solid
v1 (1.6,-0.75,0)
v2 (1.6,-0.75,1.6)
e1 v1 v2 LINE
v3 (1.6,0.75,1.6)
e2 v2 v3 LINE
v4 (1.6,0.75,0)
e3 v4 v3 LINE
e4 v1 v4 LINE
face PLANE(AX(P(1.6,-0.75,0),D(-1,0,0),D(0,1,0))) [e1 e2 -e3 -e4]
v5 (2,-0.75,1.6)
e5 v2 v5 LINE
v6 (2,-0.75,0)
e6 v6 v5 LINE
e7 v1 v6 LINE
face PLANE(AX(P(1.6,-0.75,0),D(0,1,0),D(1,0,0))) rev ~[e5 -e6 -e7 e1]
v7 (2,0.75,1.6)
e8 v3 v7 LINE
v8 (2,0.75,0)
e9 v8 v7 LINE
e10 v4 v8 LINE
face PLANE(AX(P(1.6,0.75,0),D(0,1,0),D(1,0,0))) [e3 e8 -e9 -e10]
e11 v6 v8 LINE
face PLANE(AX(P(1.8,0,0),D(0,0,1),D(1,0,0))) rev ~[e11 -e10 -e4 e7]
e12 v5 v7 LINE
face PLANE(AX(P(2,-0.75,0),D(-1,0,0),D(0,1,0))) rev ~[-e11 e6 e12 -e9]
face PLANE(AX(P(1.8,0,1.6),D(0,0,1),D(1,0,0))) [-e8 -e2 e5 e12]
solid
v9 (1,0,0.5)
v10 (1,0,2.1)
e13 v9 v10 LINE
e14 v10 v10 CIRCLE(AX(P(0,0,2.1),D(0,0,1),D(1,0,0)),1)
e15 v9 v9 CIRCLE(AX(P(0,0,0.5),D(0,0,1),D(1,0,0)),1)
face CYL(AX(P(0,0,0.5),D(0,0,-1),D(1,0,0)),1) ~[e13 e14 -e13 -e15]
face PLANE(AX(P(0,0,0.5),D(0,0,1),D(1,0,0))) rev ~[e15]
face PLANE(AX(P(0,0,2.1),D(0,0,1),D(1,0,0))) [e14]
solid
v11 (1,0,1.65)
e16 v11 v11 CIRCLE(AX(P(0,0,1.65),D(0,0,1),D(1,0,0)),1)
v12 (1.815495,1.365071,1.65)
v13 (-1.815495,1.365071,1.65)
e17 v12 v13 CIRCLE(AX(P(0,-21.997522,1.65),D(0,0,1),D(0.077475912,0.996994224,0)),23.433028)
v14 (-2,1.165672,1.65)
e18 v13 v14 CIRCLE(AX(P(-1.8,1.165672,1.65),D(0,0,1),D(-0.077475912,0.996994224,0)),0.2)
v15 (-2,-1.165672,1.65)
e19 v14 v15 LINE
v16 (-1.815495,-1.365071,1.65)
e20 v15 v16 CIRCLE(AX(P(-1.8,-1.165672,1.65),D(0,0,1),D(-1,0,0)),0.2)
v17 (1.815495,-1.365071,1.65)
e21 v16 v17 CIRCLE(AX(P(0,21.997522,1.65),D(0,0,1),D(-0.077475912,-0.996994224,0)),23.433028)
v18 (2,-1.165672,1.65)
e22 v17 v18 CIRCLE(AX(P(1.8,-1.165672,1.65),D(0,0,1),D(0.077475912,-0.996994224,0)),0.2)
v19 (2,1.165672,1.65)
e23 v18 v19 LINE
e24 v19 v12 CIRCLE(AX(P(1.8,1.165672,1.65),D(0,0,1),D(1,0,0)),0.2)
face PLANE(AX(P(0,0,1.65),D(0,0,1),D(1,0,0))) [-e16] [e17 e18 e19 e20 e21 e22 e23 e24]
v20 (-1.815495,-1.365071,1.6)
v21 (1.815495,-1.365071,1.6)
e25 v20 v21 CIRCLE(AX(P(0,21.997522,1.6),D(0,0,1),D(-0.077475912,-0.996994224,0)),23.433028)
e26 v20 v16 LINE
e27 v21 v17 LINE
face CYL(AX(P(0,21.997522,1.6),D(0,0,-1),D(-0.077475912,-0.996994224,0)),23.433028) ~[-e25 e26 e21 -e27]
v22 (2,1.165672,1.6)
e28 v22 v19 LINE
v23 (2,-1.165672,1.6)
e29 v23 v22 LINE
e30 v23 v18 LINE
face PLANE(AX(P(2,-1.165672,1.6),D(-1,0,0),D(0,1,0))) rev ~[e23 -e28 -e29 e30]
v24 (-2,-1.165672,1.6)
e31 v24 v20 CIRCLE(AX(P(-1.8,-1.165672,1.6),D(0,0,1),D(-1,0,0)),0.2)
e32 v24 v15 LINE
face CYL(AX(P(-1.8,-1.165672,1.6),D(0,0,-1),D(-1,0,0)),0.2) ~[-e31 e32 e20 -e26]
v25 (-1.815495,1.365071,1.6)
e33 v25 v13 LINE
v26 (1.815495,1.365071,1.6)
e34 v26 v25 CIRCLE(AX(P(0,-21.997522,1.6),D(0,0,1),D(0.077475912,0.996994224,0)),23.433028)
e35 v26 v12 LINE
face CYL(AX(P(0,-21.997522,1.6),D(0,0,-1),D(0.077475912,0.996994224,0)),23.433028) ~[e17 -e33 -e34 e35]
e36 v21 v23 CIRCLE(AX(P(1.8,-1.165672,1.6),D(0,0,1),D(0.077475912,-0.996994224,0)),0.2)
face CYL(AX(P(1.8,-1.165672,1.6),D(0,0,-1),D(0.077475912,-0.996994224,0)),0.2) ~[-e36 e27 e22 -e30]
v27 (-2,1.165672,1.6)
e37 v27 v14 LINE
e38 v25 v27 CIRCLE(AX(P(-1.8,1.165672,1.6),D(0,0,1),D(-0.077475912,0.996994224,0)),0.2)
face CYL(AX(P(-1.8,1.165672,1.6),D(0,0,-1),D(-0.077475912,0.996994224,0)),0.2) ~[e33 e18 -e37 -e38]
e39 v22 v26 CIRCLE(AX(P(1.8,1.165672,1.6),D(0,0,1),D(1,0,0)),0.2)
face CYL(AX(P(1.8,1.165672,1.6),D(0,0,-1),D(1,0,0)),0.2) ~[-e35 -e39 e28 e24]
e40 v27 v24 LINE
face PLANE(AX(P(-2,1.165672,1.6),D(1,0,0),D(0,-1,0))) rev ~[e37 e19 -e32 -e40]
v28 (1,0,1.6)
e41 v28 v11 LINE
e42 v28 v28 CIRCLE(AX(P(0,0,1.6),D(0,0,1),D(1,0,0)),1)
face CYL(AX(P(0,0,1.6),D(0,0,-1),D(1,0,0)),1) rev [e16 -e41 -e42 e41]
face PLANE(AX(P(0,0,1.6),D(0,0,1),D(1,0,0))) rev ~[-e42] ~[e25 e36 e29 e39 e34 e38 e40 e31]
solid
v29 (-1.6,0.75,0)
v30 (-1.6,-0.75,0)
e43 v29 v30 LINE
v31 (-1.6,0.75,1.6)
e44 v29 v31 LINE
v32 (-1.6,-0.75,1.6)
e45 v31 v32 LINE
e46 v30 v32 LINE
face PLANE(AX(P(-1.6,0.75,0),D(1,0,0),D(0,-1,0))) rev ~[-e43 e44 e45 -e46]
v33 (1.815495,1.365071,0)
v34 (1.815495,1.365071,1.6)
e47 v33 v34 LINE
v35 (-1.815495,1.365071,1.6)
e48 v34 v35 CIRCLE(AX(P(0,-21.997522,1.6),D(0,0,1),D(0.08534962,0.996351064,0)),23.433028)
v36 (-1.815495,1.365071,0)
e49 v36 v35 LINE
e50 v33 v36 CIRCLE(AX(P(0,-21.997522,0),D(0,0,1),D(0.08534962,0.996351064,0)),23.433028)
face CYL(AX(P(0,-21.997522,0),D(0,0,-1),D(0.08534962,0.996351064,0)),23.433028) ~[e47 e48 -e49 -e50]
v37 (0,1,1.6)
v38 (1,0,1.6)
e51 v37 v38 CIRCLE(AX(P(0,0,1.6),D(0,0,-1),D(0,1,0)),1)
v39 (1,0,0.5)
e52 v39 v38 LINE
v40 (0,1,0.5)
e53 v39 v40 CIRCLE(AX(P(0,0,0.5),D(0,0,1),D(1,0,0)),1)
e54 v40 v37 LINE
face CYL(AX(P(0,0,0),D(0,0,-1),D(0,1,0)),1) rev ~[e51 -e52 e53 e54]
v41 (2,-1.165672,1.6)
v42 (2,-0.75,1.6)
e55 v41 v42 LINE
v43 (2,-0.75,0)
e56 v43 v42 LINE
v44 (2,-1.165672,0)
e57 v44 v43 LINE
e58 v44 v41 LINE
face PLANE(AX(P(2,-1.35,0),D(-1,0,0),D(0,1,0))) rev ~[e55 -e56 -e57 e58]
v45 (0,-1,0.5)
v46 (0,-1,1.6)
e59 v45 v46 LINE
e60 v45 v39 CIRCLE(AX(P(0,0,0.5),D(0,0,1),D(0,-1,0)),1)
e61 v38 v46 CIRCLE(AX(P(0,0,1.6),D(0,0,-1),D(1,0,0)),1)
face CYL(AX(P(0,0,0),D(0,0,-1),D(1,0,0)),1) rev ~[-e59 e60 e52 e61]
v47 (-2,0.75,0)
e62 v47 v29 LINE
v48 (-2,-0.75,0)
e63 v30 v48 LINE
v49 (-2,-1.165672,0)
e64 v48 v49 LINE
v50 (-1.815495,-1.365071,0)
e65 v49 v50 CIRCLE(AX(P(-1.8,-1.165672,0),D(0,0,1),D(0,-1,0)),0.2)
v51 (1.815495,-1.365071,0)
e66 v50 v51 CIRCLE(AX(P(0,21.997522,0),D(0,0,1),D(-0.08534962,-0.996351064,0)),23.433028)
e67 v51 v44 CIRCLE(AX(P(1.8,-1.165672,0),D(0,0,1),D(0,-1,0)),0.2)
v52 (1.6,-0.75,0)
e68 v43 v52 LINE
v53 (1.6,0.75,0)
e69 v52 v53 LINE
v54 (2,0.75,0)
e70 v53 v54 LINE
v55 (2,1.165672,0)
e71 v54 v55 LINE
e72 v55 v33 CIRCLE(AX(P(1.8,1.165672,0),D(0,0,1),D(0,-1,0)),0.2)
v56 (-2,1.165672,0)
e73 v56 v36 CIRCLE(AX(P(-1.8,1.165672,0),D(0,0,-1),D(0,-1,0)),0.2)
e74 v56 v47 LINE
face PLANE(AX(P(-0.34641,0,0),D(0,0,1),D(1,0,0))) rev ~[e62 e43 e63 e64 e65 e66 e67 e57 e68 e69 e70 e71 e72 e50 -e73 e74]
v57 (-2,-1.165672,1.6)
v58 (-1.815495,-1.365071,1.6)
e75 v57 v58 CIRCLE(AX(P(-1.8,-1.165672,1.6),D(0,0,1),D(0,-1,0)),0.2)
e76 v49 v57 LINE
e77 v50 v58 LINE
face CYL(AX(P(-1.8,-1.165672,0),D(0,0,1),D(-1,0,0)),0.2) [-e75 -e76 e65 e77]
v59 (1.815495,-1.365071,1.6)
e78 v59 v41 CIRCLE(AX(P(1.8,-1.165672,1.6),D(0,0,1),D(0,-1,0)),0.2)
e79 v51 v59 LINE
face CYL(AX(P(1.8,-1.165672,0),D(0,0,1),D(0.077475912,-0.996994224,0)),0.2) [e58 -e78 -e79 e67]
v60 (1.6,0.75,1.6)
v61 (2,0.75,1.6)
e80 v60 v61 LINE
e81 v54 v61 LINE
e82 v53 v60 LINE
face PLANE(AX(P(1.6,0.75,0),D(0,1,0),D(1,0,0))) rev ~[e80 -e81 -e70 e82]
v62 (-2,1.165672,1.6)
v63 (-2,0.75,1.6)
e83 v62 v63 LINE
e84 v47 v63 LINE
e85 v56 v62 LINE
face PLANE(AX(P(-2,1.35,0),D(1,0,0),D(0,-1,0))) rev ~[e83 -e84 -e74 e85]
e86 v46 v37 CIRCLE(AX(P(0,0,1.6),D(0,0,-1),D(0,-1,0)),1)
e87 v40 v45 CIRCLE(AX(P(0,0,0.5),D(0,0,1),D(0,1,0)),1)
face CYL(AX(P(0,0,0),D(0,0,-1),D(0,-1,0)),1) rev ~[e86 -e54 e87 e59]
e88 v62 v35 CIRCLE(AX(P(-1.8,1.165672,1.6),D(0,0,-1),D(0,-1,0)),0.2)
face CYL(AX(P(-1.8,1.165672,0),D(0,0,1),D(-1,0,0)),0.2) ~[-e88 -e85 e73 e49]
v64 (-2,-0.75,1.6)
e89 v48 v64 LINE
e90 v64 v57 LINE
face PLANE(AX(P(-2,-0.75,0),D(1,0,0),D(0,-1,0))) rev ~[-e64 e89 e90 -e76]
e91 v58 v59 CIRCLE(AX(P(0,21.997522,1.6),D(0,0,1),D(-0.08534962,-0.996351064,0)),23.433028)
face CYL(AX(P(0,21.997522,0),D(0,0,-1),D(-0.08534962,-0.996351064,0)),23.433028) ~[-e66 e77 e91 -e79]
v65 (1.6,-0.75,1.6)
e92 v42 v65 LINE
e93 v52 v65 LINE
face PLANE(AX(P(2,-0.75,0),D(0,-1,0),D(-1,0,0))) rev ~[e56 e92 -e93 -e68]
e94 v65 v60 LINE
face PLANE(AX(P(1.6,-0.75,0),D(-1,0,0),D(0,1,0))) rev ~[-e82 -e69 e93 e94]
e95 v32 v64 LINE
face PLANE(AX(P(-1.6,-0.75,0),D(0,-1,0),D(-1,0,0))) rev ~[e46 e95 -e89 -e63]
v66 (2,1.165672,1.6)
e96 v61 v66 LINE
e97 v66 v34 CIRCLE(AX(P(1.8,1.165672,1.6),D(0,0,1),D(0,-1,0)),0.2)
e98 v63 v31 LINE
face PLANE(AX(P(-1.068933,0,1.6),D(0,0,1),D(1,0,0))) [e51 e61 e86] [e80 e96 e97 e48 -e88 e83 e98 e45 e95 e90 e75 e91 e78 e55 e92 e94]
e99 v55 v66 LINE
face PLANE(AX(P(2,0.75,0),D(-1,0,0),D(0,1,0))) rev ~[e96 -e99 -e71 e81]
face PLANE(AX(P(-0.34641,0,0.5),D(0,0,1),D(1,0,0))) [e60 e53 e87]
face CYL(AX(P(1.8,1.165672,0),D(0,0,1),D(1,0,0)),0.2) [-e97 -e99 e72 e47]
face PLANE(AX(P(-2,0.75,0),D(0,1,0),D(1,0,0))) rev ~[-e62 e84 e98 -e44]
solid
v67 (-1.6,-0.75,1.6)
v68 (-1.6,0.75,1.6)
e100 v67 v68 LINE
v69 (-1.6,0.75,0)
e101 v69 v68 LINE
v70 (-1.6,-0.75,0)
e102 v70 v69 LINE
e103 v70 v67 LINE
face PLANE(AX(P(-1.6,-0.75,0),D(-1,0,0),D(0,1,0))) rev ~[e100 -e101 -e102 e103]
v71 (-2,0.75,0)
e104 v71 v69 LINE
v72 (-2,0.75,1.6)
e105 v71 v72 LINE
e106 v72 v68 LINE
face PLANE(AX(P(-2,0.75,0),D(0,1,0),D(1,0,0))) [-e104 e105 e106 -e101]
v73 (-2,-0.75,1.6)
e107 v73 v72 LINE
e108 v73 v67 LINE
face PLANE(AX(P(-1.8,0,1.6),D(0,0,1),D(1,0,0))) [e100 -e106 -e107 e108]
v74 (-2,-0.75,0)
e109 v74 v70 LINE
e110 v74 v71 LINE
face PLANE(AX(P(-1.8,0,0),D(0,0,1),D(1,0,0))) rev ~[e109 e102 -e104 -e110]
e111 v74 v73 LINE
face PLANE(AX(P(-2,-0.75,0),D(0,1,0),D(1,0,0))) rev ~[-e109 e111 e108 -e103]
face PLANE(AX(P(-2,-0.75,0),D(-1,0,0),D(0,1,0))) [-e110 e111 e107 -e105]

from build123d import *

# Parameters (mm, degrees)
F1_DEPTH = 1.6
F2_DEPTH = 0.5
F0_W     = 0.4
F0_H     = 1.5
F3_DEPTH = 1.6
F4_R     = 1
F5_DEPTH = 1.6
F6_R     = 0.2
F7_R     = 1
F7_W     = 0.4
F7_H     = 1.5
F8_DEPTH = 0.05


with BuildPart() as f1:
    # F0 (on Top) → F1 (new body)
    with BuildSketch(Plane.XY):
        with BuildLine():
            Line((0, 1.35), (-2, 1.35))
            Line((-2, 1.35), (-2, 0.75))
            Line((-2, 0.75), (-1.6, 0.75))
            Line((-1.6, 0.75), (-1.6, -0.75))
            Line((-1.6, -0.75), (-2, -0.75))
            Line((-2, -0.75), (-2, -1.35))
            Line((-2, -1.35), (0, -1.35))
            Line((0, -1.35), (0, -1))
            ThreePointArc((0, -1), (-1, 0), (0, 1))
            Line((0, 1), (0, 1.35))
        make_face()
        with BuildLine():
            ThreePointArc((2, 1.35), (0, 1.4355056225), (-2, 1.35))
            Line((-2, 1.35), (0, 1.35))
            Line((0, 1.35), (2, 1.35))
        make_face()
        with BuildLine():
            Line((2, 1.35), (0, 1.35))
            Line((0, 1.35), (0, 1))
            ThreePointArc((0, 1), (0.7071067812, 0.7071067812), (1, 0))
            ThreePointArc((1, 0), (0.7071067812, -0.7071067812), (0, -1))
            Line((0, -1), (0, -1.35))
            Line((0, -1.35), (2, -1.35))
            Line((2, -1.35), (2, -0.75))
            Line((2, -0.75), (1.6, -0.75))
            Line((1.6, -0.75), (1.6, 0.75))
            Line((1.6, 0.75), (2, 0.75))
            Line((2, 0.75), (2, 1.35))
        make_face()
        with BuildLine():
            Line((0, -1.35), (-2, -1.35))
            ThreePointArc((-2, -1.35), (0, -1.4355056225), (2, -1.35))
            Line((2, -1.35), (0, -1.35))
        make_face()
    extrude(amount=F1_DEPTH)

    # F0 (on Top) → F2 (join)
    with BuildSketch(Plane.XY):
        with BuildLine():
            Line((0, -1), (0, 1))
            ThreePointArc((0, 1), (-1, 0), (0, -1))
        make_face()
        with BuildLine():
            ThreePointArc((1, 0), (0.7071067812, 0.7071067812), (0, 1))
            Line((0, 1), (0, -1))
            ThreePointArc((0, -1), (0.7071067812, -0.7071067812), (1, 0))
        make_face()
    extrude(amount=F2_DEPTH)

    # F6
    f6_edges = [f1.edges().sort_by_distance(p)[0] for p in [
        (-2, -1.35, 0.8),
        (2, -1.35, 0.8),
        (-2, 1.35, 0.8),
        (2, 1.35, 0.8),
    ]]
    fillet(f6_edges, radius=F6_R)


with BuildPart() as f3:
    # F0 (on Top) → F3 (new body)
    with BuildSketch(Plane.XY):
        with Locations((-1.8, 0)):
            Rectangle(F0_W, F0_H)
    extrude(amount=F3_DEPTH)


with BuildPart() as f3b:
    # F0 (on Top) → F3, piece 2 (new body)
    with BuildSketch(Plane.XY):
        with Locations((1.8, 0)):
            Rectangle(F0_W, F0_H)
    extrude(amount=F3_DEPTH)


with BuildPart() as f5:
    # F4 (on face) → F5 (new body)
    with BuildSketch(Plane.XY.offset(0.5)):
        Circle(F4_R)
    extrude(amount=F5_DEPTH)


with BuildPart() as f8:
    # F7 (on face) → F8 (new body)
    with BuildSketch(Plane.XY.offset(1.6)):
        with BuildLine():
            ThreePointArc((2, 1.16567235), (1.9467975417, 1.3015049004), (1.8154951824, 1.3650711948))
            ThreePointArc((1.8154951824, 1.3650711948), (0, 1.4355056225), (-1.8154951824, 1.3650711948))
            ThreePointArc((-1.8154951824, 1.3650711948), (-1.9467975417, 1.3015049004), (-2, 1.16567235))
            Line((-2, 1.16567235), (-2, 0.75))
            Line((-2, 0.75), (-1.6, 0.75))
            Line((-1.6, 0.75), (-1.6, -0.75))
            Line((-1.6, -0.75), (-2, -0.75))
            Line((-2, -0.75), (-2, -1.16567235))
            ThreePointArc((-2, -1.16567235), (-1.9467975417, -1.3015049004), (-1.8154951824, -1.3650711948))
            ThreePointArc((-1.8154951824, -1.3650711948), (0, -1.4355056225), (1.8154951824, -1.3650711948))
            ThreePointArc((1.8154951824, -1.3650711948), (1.9467975417, -1.3015049004), (2, -1.16567235))
            Line((2, -1.16567235), (2, -0.75))
            Line((2, -0.75), (1.6, -0.75))
            Line((1.6, -0.75), (1.6, 0.75))
            Line((1.6, 0.75), (2, 0.75))
            Line((2, 0.75), (2, 1.16567235))
        make_face()
        Circle(F7_R, mode=Mode.SUBTRACT)
        with Locations((1.8, 0)):
            Rectangle(F7_W, F7_H)
        with Locations((-1.8, 0)):
            Rectangle(F7_W, F7_H)
    extrude(amount=F8_DEPTH)


solid = Compound([f1.part, f3.part, f3b.part, f5.part, f8.part])
